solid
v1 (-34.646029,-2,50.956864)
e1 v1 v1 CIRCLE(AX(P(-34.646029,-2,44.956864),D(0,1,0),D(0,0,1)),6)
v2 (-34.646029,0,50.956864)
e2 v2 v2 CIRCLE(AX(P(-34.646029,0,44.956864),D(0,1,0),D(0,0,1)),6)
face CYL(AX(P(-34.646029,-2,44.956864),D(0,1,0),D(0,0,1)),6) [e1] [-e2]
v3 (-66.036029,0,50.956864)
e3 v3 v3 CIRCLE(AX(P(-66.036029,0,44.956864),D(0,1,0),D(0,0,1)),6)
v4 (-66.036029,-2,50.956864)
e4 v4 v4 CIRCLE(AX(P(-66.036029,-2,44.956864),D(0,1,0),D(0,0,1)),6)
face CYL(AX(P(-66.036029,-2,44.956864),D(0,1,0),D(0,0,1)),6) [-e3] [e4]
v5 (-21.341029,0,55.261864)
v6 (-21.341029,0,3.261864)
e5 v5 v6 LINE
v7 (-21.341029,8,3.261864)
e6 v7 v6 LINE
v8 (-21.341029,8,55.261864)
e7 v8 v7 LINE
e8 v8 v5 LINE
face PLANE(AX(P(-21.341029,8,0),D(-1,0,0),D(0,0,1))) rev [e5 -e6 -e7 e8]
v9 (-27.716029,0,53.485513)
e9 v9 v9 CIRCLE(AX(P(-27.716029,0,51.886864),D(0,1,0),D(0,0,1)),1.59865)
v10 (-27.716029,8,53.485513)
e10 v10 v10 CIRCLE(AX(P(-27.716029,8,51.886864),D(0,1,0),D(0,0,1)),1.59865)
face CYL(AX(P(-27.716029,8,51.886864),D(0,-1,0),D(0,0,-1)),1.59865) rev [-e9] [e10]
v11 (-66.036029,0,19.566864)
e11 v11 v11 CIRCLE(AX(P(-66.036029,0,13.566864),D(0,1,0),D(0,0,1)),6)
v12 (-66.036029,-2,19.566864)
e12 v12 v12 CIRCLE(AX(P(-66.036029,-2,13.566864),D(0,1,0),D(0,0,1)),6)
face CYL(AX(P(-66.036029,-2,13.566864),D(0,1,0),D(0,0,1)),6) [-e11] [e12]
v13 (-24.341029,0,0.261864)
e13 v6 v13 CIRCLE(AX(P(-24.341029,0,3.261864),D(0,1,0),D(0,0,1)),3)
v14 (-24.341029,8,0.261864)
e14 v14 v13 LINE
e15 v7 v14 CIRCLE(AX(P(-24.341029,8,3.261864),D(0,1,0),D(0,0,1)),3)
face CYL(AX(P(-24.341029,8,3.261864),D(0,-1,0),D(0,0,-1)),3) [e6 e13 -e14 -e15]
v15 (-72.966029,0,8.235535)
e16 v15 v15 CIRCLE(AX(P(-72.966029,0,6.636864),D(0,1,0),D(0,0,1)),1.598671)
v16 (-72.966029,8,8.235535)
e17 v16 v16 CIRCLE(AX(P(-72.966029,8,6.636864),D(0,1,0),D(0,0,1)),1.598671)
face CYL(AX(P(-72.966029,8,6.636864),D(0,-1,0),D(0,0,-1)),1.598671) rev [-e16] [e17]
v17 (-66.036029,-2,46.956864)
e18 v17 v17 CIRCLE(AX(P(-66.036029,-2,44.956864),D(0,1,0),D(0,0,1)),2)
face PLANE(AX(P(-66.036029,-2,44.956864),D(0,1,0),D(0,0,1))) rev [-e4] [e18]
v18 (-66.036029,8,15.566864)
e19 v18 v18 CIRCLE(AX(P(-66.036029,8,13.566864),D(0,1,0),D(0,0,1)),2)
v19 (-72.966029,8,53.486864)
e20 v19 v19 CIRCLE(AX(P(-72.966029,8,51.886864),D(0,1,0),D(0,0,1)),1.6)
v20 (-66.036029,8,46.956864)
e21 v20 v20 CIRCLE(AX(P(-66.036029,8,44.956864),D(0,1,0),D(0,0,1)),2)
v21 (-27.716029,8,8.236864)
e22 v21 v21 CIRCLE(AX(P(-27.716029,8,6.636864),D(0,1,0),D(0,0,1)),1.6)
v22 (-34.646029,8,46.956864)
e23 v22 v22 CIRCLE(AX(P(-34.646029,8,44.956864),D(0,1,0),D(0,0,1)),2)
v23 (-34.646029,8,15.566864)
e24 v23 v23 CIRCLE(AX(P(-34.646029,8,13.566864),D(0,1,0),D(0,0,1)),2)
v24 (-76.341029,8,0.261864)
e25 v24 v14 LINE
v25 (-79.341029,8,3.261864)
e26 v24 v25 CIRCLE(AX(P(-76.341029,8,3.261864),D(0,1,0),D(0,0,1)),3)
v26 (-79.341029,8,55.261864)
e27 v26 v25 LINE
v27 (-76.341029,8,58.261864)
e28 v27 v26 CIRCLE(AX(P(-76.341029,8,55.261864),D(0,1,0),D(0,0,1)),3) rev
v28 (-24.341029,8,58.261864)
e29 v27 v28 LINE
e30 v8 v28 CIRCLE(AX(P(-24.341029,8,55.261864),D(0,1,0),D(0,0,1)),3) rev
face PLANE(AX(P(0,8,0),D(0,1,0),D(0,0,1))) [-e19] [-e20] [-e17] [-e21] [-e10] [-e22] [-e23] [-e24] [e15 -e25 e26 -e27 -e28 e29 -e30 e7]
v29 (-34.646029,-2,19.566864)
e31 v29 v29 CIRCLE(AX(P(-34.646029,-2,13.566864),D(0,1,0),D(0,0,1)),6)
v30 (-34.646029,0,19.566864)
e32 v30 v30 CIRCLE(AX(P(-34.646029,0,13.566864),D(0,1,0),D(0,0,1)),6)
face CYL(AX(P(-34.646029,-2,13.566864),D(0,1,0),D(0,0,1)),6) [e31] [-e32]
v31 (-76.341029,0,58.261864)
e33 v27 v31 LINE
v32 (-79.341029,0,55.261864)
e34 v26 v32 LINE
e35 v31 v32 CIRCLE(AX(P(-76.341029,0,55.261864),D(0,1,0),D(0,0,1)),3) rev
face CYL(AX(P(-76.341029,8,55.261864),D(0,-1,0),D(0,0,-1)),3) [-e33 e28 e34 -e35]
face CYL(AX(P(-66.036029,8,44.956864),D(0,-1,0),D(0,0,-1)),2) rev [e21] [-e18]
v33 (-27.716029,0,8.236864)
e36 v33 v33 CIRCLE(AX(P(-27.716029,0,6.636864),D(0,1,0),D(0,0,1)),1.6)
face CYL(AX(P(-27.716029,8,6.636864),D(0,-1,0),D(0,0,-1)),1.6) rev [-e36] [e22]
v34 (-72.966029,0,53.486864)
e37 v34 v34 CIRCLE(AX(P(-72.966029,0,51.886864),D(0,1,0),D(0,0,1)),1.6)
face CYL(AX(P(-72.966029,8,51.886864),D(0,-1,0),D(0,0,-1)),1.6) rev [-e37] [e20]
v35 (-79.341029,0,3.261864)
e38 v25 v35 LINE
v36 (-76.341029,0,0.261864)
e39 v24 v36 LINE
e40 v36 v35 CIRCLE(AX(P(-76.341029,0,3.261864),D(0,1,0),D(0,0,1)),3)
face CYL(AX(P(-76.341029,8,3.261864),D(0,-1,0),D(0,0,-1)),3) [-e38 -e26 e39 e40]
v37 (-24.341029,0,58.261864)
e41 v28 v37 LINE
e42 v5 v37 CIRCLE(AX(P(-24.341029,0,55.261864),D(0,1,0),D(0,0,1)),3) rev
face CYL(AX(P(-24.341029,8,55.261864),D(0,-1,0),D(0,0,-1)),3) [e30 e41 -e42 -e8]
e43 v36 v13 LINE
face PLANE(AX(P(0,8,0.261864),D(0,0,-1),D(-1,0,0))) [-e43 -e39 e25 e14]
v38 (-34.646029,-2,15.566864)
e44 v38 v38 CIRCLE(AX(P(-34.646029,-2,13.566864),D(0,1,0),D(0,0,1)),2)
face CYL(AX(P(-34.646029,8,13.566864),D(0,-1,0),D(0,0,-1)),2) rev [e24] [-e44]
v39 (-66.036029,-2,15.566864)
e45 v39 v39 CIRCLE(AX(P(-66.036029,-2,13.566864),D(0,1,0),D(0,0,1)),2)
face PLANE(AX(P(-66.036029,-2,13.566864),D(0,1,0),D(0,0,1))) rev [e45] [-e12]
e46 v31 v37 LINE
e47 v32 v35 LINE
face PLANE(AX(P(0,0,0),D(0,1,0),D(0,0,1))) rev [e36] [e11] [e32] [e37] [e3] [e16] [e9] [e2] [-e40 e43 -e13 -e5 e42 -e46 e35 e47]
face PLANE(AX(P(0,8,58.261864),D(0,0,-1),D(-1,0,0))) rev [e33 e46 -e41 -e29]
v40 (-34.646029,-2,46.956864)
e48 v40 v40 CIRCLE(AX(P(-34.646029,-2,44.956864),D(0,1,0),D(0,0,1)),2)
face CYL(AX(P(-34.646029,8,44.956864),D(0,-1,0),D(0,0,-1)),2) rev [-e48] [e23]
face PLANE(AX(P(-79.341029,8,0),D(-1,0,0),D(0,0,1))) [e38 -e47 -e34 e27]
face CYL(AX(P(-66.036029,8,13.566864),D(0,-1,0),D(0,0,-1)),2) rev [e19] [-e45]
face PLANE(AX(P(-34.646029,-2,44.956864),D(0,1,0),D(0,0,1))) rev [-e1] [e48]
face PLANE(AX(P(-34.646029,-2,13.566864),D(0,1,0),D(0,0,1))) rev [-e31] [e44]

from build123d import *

# Parameters (mm, degrees)
SZKIC2_R                    = 1.6
SZKIC2_R_2                  = 1.598649761
SZKIC2_R_3                  = 1.598671199
SZKIC2_R_4                  = 2
DODANIE_WYCI_GNI_CIE1_DEPTH = 8
DODANIE_WYCI_GNI_CIE2_START = -2
SZKIC2_3_R                  = 6
SZKIC2_3_R_2                = 2
DODANIE_WYCI_GNI_CIE2_DEPTH = 2


with BuildPart() as part:
    # Szkic2 → Dodanie-wyci_gni_cie1 (new body)
    with BuildSketch(Plane(origin=(0, 0, 0), x_dir=(1, 0, 0), z_dir=(0, 1, 0))):
        with BuildLine():
            ThreePointArc((-79.341028527, -55.261863724), (-78.46234887, -57.383184068), (-76.341028527, -58.261863724))
            Line((-76.341028527, -58.261863724), (-24.341028527, -58.261863724))
            ThreePointArc((-24.341028527, -58.261863724), (-22.219708183, -57.383184068), (-21.341028527, -55.261863724))
            Line((-21.341028527, -55.261863724), (-21.341028527, -3.261863724))
            ThreePointArc((-21.341028527, -3.261863724), (-22.219708183, -1.140543381), (-24.341028527, -0.261863724))
            Line((-24.341028527, -0.261863724), (-76.341028527, -0.261863724))
            ThreePointArc((-76.341028527, -0.261863724), (-78.46234887, -1.140543381), (-79.341028527, -3.261863724))
            Line((-79.341028527, -3.261863724), (-79.341028527, -55.261863724))
        make_face()
        with Locations((-72.966028527, -51.886863724)):
            Circle(SZKIC2_R, mode=Mode.SUBTRACT)
        with Locations((-27.716028527, -51.886863724)):
            Circle(SZKIC2_R_2, mode=Mode.SUBTRACT)
        with Locations((-72.966028527, -6.636863724)):
            Circle(SZKIC2_R_3, mode=Mode.SUBTRACT)
        with Locations((-27.716028527, -6.636863724)):
            Circle(SZKIC2_R, mode=Mode.SUBTRACT)
        with Locations((-66.036028527, -44.956863724)):
            Circle(SZKIC2_R_4, mode=Mode.SUBTRACT)
        with Locations((-34.646028527, -44.956863724)):
            Circle(SZKIC2_R_4, mode=Mode.SUBTRACT)
        with Locations((-66.036028527, -13.566863724)):
            Circle(SZKIC2_R_4, mode=Mode.SUBTRACT)
        with Locations((-34.646028527, -13.566863724)):
            Circle(SZKIC2_R_4, mode=Mode.SUBTRACT)
    extrude(amount=DODANIE_WYCI_GNI_CIE1_DEPTH)

    # Szkic2_3 → Dodanie-wyci_gni_cie2 (add)
    # profile 1 of 4: a face of its own
    with BuildSketch(Plane(origin=(0, 0, 0), x_dir=(1, 0, 0), z_dir=(0, 1, 0)).offset(DODANIE_WYCI_GNI_CIE2_START)):
        with Locations((-66.036028527, -13.566863724)):
            Circle(SZKIC2_3_R)
        with Locations((-66.036028527, -13.566863724)):
            Circle(SZKIC2_3_R_2, mode=Mode.SUBTRACT)
    # profile 2 of 4: a face of its own
    with BuildSketch(Plane(origin=(0, 0, 0), x_dir=(1, 0, 0), z_dir=(0, 1, 0)).offset(DODANIE_WYCI_GNI_CIE2_START)):
        with Locations((-34.646028527, -13.566863724)):
            Circle(SZKIC2_3_R)
        with Locations((-34.646028527, -13.566863724)):
            Circle(SZKIC2_3_R_2, mode=Mode.SUBTRACT)
    # profile 3 of 4: a face of its own
    with BuildSketch(Plane(origin=(0, 0, 0), x_dir=(1, 0, 0), z_dir=(0, 1, 0)).offset(DODANIE_WYCI_GNI_CIE2_START)):
        with Locations((-66.036028527, -44.956863724)):
            Circle(SZKIC2_3_R)
        with Locations((-66.036028527, -44.956863724)):
            Circle(SZKIC2_3_R_2, mode=Mode.SUBTRACT)
    # profile 4 of 4: a face of its own
    with BuildSketch(Plane(origin=(0, 0, 0), x_dir=(1, 0, 0), z_dir=(0, 1, 0)).offset(DODANIE_WYCI_GNI_CIE2_START)):
        with Locations((-34.646028527, -44.956863724)):
            Circle(SZKIC2_3_R)
        with Locations((-34.646028527, -44.956863724)):
            Circle(SZKIC2_3_R_2, mode=Mode.SUBTRACT)
    extrude(amount=DODANIE_WYCI_GNI_CIE2_DEPTH)


solid = part.part
